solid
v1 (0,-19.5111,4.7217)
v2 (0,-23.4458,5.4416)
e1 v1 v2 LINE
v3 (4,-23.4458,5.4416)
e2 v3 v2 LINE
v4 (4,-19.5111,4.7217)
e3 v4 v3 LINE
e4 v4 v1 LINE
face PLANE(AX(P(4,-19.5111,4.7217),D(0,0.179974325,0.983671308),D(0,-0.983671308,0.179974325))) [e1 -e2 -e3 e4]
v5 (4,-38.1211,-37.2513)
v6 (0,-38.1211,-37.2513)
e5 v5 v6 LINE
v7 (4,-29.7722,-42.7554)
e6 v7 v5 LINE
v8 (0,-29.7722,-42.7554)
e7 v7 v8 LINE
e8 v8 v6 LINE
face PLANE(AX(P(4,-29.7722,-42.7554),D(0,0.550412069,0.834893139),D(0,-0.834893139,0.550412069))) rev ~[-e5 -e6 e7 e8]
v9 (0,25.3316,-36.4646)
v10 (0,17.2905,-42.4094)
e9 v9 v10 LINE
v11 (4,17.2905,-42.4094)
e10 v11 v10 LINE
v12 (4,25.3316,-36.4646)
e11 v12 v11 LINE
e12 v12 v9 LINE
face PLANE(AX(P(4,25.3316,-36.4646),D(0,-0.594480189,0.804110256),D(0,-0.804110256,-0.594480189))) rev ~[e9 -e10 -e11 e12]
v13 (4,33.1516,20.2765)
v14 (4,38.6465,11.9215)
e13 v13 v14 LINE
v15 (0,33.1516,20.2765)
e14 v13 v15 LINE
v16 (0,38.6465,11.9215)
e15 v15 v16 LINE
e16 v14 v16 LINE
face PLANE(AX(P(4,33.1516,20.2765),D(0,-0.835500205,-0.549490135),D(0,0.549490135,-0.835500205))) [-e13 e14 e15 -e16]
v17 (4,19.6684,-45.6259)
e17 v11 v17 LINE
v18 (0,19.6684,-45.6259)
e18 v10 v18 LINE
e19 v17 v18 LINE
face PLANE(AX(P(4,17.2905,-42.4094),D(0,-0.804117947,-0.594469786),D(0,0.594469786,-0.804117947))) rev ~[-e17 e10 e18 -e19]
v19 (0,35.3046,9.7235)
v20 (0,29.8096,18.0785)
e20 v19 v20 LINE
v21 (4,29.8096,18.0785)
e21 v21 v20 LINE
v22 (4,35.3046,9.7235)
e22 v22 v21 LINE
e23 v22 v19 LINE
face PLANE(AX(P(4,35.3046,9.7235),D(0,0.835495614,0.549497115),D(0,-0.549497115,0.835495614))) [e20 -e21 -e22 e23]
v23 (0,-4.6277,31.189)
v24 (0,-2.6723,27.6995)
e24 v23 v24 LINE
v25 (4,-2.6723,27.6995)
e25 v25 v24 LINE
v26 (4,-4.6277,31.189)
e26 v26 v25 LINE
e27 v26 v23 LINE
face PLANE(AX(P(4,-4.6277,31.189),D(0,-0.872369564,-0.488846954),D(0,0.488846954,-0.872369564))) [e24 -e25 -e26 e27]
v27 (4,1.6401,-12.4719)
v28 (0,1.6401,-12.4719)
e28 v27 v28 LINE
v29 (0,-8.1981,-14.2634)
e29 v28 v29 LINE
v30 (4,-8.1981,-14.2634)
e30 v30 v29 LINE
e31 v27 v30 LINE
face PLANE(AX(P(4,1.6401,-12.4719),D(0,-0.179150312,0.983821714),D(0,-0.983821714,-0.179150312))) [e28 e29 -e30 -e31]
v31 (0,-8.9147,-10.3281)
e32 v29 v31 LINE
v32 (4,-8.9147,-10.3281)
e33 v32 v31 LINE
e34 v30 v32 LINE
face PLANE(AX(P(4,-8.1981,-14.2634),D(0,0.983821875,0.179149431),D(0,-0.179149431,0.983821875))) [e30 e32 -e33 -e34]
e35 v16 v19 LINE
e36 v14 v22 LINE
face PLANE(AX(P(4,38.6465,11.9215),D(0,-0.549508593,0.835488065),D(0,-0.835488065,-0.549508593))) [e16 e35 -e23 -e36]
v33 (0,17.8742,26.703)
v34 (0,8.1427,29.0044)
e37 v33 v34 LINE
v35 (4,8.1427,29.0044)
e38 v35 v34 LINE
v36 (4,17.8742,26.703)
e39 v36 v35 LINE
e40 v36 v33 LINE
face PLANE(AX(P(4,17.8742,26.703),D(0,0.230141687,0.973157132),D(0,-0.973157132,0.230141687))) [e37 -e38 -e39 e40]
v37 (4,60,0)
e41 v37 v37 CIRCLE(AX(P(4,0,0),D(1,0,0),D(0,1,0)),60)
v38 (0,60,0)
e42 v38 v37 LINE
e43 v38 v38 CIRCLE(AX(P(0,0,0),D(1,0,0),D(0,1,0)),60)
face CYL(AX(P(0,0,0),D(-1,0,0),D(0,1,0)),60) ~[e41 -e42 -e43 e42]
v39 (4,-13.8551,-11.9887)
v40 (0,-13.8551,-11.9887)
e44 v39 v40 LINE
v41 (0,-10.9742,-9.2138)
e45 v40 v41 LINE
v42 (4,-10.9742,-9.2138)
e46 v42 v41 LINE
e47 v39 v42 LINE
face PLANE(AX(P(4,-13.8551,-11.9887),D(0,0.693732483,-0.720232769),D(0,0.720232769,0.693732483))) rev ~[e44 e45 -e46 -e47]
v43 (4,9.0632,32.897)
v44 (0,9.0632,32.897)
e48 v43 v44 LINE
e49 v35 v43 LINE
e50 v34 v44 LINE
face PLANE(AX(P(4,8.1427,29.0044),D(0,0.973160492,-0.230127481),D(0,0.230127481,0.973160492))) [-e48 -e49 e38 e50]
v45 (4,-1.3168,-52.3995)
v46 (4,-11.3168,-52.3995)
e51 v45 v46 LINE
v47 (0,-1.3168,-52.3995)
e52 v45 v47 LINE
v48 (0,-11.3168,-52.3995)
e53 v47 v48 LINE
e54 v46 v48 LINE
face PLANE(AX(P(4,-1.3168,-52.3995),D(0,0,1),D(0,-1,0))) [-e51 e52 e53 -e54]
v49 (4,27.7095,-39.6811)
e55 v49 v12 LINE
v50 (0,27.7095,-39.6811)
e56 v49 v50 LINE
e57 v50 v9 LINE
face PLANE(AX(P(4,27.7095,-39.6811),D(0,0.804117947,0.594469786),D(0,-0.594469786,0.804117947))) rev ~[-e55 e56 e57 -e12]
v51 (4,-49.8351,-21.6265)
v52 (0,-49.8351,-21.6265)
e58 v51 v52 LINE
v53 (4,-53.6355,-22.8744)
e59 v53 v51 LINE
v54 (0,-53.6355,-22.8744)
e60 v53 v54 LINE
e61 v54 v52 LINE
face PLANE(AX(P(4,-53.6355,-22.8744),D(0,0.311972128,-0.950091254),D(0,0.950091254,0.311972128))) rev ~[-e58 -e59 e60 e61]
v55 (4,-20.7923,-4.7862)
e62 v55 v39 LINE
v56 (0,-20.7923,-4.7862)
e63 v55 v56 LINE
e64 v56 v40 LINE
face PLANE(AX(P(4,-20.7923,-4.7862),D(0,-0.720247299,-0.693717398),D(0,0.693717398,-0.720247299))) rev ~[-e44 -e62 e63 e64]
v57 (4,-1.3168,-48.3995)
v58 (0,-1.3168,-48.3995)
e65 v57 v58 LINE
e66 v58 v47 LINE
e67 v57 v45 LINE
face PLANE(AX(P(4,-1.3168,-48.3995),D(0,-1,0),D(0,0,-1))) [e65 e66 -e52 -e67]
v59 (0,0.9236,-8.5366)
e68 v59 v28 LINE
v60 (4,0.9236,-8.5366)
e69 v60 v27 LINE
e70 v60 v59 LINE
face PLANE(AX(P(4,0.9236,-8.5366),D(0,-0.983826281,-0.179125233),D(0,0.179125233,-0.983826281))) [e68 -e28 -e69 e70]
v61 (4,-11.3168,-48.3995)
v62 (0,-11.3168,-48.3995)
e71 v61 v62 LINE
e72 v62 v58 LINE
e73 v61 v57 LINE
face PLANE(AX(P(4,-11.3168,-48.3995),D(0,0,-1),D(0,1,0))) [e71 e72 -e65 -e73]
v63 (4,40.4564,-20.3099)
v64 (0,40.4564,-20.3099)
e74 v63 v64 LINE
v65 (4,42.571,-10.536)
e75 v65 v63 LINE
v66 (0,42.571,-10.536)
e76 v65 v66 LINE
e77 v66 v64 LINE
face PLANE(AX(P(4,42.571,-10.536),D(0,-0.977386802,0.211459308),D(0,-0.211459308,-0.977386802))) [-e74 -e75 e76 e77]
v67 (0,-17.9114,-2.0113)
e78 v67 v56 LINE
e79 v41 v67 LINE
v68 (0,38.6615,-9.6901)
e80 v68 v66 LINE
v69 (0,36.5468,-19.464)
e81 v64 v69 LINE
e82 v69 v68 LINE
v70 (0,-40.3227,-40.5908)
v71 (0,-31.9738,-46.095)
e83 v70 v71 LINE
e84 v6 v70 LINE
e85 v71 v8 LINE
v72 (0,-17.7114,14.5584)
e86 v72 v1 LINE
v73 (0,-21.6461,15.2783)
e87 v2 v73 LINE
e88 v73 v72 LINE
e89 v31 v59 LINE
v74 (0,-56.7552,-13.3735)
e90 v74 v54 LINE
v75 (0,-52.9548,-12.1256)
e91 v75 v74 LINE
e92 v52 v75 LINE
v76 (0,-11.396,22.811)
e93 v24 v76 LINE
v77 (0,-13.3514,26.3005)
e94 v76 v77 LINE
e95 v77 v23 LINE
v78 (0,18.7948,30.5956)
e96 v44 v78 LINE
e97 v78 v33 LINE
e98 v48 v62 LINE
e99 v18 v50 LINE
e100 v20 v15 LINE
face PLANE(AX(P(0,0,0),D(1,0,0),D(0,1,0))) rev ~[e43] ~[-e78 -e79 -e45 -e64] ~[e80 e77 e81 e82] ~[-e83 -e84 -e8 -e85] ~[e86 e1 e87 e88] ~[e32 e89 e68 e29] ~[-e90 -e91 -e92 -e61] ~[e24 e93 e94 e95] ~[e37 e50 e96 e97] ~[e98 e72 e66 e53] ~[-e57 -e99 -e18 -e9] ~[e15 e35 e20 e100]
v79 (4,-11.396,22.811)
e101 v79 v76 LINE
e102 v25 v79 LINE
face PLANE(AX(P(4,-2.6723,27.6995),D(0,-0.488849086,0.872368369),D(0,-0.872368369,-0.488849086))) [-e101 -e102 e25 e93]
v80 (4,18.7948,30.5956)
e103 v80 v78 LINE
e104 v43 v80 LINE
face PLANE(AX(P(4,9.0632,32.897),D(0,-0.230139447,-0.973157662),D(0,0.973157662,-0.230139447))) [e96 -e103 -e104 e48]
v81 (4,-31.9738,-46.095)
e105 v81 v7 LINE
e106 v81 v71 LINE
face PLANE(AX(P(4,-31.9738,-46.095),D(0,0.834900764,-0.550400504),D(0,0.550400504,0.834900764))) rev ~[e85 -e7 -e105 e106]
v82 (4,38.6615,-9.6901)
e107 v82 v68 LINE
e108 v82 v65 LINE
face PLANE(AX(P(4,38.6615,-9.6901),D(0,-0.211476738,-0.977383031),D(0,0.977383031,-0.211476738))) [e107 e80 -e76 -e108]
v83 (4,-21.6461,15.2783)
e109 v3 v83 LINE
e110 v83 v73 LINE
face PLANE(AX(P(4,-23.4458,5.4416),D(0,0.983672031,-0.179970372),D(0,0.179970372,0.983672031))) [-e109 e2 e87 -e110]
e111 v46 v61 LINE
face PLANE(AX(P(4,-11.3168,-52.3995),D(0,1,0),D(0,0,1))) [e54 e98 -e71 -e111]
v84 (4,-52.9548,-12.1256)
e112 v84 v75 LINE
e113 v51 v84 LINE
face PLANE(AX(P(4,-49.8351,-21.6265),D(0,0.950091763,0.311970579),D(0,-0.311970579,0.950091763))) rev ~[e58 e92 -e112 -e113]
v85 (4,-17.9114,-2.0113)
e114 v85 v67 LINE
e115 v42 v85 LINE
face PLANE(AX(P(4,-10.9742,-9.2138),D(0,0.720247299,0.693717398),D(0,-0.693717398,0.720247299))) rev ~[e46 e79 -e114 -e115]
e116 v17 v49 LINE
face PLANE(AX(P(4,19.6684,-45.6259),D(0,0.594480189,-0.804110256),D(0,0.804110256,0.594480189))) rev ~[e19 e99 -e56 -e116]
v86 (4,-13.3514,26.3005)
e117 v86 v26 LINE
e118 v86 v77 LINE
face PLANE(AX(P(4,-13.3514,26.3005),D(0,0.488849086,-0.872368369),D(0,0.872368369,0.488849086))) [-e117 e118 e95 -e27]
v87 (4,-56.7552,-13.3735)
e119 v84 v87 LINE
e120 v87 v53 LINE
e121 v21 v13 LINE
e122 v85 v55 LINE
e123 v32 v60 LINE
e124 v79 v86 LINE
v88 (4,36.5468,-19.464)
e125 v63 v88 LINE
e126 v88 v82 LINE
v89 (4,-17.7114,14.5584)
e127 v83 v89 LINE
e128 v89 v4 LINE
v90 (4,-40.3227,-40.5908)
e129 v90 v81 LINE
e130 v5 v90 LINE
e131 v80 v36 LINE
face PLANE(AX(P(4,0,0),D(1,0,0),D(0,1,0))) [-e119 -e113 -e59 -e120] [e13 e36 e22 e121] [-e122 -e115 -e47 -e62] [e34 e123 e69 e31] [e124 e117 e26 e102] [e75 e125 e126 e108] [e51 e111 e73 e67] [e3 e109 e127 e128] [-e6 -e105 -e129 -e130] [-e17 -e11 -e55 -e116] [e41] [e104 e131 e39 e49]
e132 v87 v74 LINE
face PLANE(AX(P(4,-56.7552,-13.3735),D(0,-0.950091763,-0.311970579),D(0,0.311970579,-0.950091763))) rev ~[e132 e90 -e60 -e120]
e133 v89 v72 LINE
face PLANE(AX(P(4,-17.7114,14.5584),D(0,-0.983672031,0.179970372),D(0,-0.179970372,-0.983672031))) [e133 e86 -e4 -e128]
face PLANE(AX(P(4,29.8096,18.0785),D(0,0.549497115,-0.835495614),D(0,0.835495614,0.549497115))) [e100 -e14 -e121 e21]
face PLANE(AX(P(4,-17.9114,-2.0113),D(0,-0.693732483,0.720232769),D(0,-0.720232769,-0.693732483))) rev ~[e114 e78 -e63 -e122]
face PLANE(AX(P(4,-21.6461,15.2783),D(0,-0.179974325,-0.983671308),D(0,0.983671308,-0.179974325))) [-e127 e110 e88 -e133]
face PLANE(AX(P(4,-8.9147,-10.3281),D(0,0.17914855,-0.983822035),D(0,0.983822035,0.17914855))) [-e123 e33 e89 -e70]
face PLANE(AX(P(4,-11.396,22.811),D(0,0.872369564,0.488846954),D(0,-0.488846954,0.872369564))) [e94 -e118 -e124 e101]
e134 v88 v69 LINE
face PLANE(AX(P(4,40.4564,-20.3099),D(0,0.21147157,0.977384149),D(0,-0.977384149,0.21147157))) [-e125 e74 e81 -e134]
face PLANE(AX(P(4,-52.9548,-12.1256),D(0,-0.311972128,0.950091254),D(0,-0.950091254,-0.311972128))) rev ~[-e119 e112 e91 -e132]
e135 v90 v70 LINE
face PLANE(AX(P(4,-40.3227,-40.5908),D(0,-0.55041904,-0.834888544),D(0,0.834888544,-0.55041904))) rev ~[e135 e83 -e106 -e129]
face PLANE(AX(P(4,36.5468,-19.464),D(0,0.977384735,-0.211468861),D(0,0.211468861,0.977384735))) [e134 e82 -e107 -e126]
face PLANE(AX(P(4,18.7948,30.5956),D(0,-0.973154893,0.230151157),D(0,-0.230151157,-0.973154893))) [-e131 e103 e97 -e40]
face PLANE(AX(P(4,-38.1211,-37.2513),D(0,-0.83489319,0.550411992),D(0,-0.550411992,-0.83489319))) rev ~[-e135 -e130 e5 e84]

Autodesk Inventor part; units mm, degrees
ref_plane "YZ Plane" through (0, 0, 0) normal (1, 0, 0) x (0, 1, 0)
ref_plane "XZ Plane" through (0, 0, 0) normal (0, 1, 0) x (-1, 0, 0)
ref_plane "XY Plane" through (0, 0, 0) normal (0, 0, 1) x (1, 0, 0)
sketch "Эскиз1" plane through (0, 0, 0) normal (1, 0, 0) x (0, 1, 0)
  circle A0 centre (0, 0) radius 60
  point P0 (0, -60)
extrude "Выдавливание1" add sketch "Эскиз1" along normal blind 4
sketch "Эскиз2" plane through (4, 0, 0) normal (1, 0, 0) x (0, 0, -1)
  point P0 (0, 0)
  point P1 (0, -60)
sketch "Эскиз3" plane through (4, 0, 0) normal (1, 0, 0) x (0, 0, -1)
  line L0 (0, -92.75) -> (0, 85.4583) construction
  circle A0 centre (0, 0) radius 60 construction
  line L1 (40.5908, -40.3227) -> (46.095, -31.9738)
  line L2 (46.095, -31.9738) -> (42.7554, -29.7722)
  line L3 (42.7554, -29.7722) -> (37.2513, -38.1211)
  line L4 (37.2513, -38.1211) -> (40.5908, -40.3227)
  line L5 (40.5908, -40.3227) -> (42.7554, -29.7722) construction
  line L6 (46.095, -31.9738) -> (37.2513, -38.1211) construction
  line L7 (41.6731, -35.0475) -> (44.4252, -30.873) construction
  line L8 (31.7471, -46.47) -> (48.2596, -21.4233) construction
  line L9 (48.2596, -21.4233) -> (51.5992, -23.6249) construction
  line L10 (51.5992, -23.6249) -> (35.0866, -48.6716) construction
  line L11 (35.0866, -48.6716) -> (31.7471, -46.47) construction
  line L12 (31.7471, -46.47) -> (51.5992, -23.6249) construction
  line L13 (48.2596, -21.4233) -> (35.0866, -48.6716) construction
  circle A1 centre (0, 0) radius 60 projected
  line L14 (48.3995, -11.3168) -> (48.3995, -1.3168)
  line L15 (48.3995, -1.3168) -> (52.3995, -1.3168)
  line L16 (52.3995, -1.3168) -> (52.3995, -11.3168) construction
  line L17 (52.3995, -11.3168) -> (48.3995, -11.3168)
  line L18 (48.3995, -11.3168) -> (52.3995, -1.3168) construction
  line L19 (48.3995, -1.3168) -> (52.3995, -11.3168) construction
  line L20 (48.3995, -21.3168) -> (48.3995, 8.6832) construction
  line L21 (48.3995, 8.6832) -> (52.3995, 8.6832) construction
  line L22 (52.3995, 8.6832) -> (52.3995, -21.3168)
  line L23 (52.3995, -21.3168) -> (48.3995, -21.3168) construction
  line L24 (48.3995, -21.3168) -> (52.3995, 8.6832) construction
  line L25 (48.3995, 8.6832) -> (52.3995, -21.3168) construction
  line L26 (50.3995, -6.3168) -> (50.3995, 8.6832) construction
  line L27 (36.4646, 25.3316) -> (42.4094, 17.2905)
  line L28 (42.4094, 17.2905) -> (45.6259, 19.6684)
  line L29 (45.6259, 19.6684) -> (39.6811, 27.7095)
  line L30 (39.6811, 27.7095) -> (36.4646, 25.3316)
  line L31 (36.4646, 25.3316) -> (45.6259, 19.6684) construction
  line L32 (42.4094, 17.2905) -> (39.6811, 27.7095) construction
  line L33 (30.5198, 33.3727) -> (48.3542, 9.2494) construction
  line L34 (48.3542, 9.2494) -> (51.5707, 11.6273) construction
  line L35 (51.5707, 11.6273) -> (33.7363, 35.7506) construction
  line L36 (33.7363, 35.7506) -> (30.5198, 33.3727) construction
  line L37 (30.5198, 33.3727) -> (51.5707, 11.6273) construction
  line L38 (48.3542, 9.2494) -> (33.7363, 35.7506) construction
  line L39 (41.0453, 22.5) -> (32.1281, 34.5617) construction
  line L40 (10.536, 42.571) -> (20.3099, 40.4564)
  line L41 (20.3099, 40.4564) -> (19.464, 36.5468)
  line L42 (19.464, 36.5468) -> (9.6901, 38.6615)
  line L43 (9.6901, 38.6615) -> (10.536, 42.571)
  line L44 (10.536, 42.571) -> (19.464, 36.5468) construction
  line L45 (20.3099, 40.4564) -> (9.6901, 38.6615) construction
  line L46 (-0.0837, 40.7762) -> (29.2378, 34.4321) construction
  line L47 (29.2378, 34.4321) -> (30.0837, 38.3417) construction
  line L48 (30.0837, 38.3417) -> (0.7622, 44.6857) construction
  line L49 (0.7622, 44.6857) -> (-0.0837, 40.7762) construction
  line L50 (-0.0837, 40.7762) -> (30.0837, 38.3417) construction
  line L51 (29.2378, 34.4321) -> (0.7622, 44.6857) construction
  line L52 (0.3392, 42.7309) -> (15, 39.5589) construction
  line L53 (-20.2765, 33.1516) -> (-11.9215, 38.6465)
  line L54 (-11.9215, 38.6465) -> (-9.7235, 35.3046)
  line L55 (-9.7235, 35.3046) -> (-18.0785, 29.8096)
  line L56 (-18.0785, 29.8096) -> (-20.2765, 33.1516)
  line L57 (-20.2765, 33.1516) -> (-9.7235, 35.3046) construction
  line L58 (-11.9215, 38.6465) -> (-18.0785, 29.8096) construction
  line L59 (-26.4334, 24.3146) -> (-1.3686, 40.7995) construction
  line L60 (-1.3686, 40.7995) -> (-3.5666, 44.1415) construction
  line L61 (-3.5666, 44.1415) -> (-28.6314, 27.6566) construction
  line L62 (-28.6314, 27.6566) -> (-26.4334, 24.3146) construction
  line L63 (-26.4334, 24.3146) -> (-3.5666, 44.1415) construction
  line L64 (-1.3686, 40.7995) -> (-28.6314, 27.6566) construction
  line L65 (-15, 34.2281) -> (-2.4676, 42.4705) construction
  line L66 (-32.897, 9.0632) -> (-30.5956, 18.7948)
  line L67 (-30.5956, 18.7948) -> (-26.703, 17.8742)
  line L68 (-26.703, 17.8742) -> (-29.0044, 8.1427)
  line L69 (-29.0044, 8.1427) -> (-32.897, 9.0632)
  line L70 (-32.897, 9.0632) -> (-26.703, 17.8742) construction
  line L71 (-30.5956, 18.7948) -> (-29.0044, 8.1427) construction
  line L72 (-34.0478, 4.1975) -> (-29.4449, 23.6606) construction
  line L73 (-29.4449, 23.6606) -> (-25.5522, 22.74) construction
  line L74 (-25.5522, 22.74) -> (-30.1551, 3.2769) construction
  line L75 (-30.1551, 3.2769) -> (-34.0478, 4.1975) construction
  line L76 (-34.0478, 4.1975) -> (-25.5522, 22.74) construction
  line L77 (-29.4449, 23.6606) -> (-30.1551, 3.2769) construction
  line L78 (-29.8, 13.4687) -> (-27.4986, 23.2003) construction
  line L79 (-30.1437, 1.6896) -> (-20.3668, -15.7578) construction
  line L80 (-20.3668, -15.7578) -> (-23.8563, -17.7132) construction
  line L81 (-23.8563, -17.7132) -> (-33.6332, -0.2658) construction
  line L82 (-33.6332, -0.2658) -> (-30.1437, 1.6896) construction
  line L83 (-30.1437, 1.6896) -> (-23.8563, -17.7132) construction
  line L84 (-20.3668, -15.7578) -> (-33.6332, -0.2658) construction
  line L85 (-27.6995, -2.6723) -> (-22.811, -11.396)
  line L86 (-22.811, -11.396) -> (-26.3005, -13.3514)
  line L87 (-26.3005, -13.3514) -> (-31.189, -4.6277)
  line L88 (-31.189, -4.6277) -> (-27.6995, -2.6723)
  line L89 (-27.6995, -2.6723) -> (-26.3005, -13.3514) construction
  line L90 (-22.811, -11.396) -> (-31.189, -4.6277) construction
  line L91 (-27, -8.0118) -> (-31.8884, 0.7119) construction
  line L92 (-19.4768, -16.8116) -> (0.1967, -20.411) construction
  line L93 (0.1967, -20.411) -> (-0.5232, -24.3456) construction
  line L94 (-0.5232, -24.3456) -> (-20.1967, -20.7463) construction
  line L95 (-20.1967, -20.7463) -> (-19.4768, -16.8116) construction
  line L96 (-19.4768, -16.8116) -> (-0.5232, -24.3456) construction
  line L97 (0.1967, -20.411) -> (-20.1967, -20.7463) construction
  line L98 (-14.5584, -17.7114) -> (-4.7217, -19.5111)
  line L99 (-4.7217, -19.5111) -> (-5.4416, -23.4458)
  line L100 (-5.4416, -23.4458) -> (-15.2783, -21.6461)
  line L101 (-15.2783, -21.6461) -> (-14.5584, -17.7114)
  line L102 (-14.5584, -17.7114) -> (-5.4416, -23.4458) construction
  line L103 (-4.7217, -19.5111) -> (-15.2783, -21.6461) construction
  line L104 (-10, -20.5786) -> (-19.8367, -18.7789) construction
  line L105 (11.0144, -9.2398) -> (0.2107, -19.6457) construction
  line L106 (0.2107, -19.6457) -> (2.9856, -22.5267) construction
  line L107 (2.9856, -22.5267) -> (13.7893, -12.1208) construction
  line L108 (13.7893, -12.1208) -> (11.0144, -9.2398) construction
  line L109 (11.0144, -9.2398) -> (2.9856, -22.5267) construction
  line L110 (0.2107, -19.6457) -> (13.7893, -12.1208) construction
  line L111 (9.2138, -10.9742) -> (2.0113, -17.9114)
  line L112 (2.0113, -17.9114) -> (4.7862, -20.7923)
  line L113 (4.7862, -20.7923) -> (11.9887, -13.8551)
  line L114 (11.9887, -13.8551) -> (9.2138, -10.9742)
  line L115 (9.2138, -10.9742) -> (4.7862, -20.7923) construction
  line L116 (2.0113, -17.9114) -> (11.9887, -13.8551) construction
  line L117 (7, -15.8832) -> (10.6012, -12.4146) construction
  line L118 (10.3281, -8.9147) -> (8.5366, 0.9236)
  line L119 (8.5366, 0.9236) -> (12.4719, 1.6401)
  line L120 (12.4719, 1.6401) -> (14.2634, -8.1981)
  line L121 (14.2634, -8.1981) -> (10.3281, -8.9147)
  line L122 (10.3281, -8.9147) -> (12.4719, 1.6401) construction
  line L123 (8.5366, 0.9236) -> (14.2634, -8.1981) construction
  line L124 (10.3281, -8.9147) -> (8.5366, 0.9236)
  line L125 (8.5366, 0.9236) -> (12.4719, 1.6401)
  line L126 (12.4719, 1.6401) -> (14.2634, -8.1981)
  line L127 (14.2634, -8.1981) -> (10.3281, -8.9147)
  line L128 (10.3281, -8.9147) -> (12.4719, 1.6401) construction
  line L129 (8.5366, 0.9236) -> (14.2634, -8.1981) construction
  line L130 (11.4, -3.6373) -> (10.5043, 1.2819) construction
  line L131 (-0.9405, 1.4271) -> (9.0554, 1.7143)
  line L132 (9.0554, 1.7143) -> (8.9405, 5.7126)
  line L133 (8.9405, 5.7126) -> (-1.0554, 5.4255)
  line L134 (-1.0554, 5.4255) -> (-0.9405, 1.4271)
  line L135 (-0.9405, 1.4271) -> (8.9405, 5.7126) construction
  line L136 (9.0554, 1.7143) -> (-1.0554, 5.4255) construction
  line L137 (-0.9405, 1.4271) -> (9.0554, 1.7143)
  line L138 (9.0554, 1.7143) -> (8.9405, 5.7126)
  line L139 (8.9405, 5.7126) -> (-1.0554, 5.4255)
  line L140 (-1.0554, 5.4255) -> (-0.9405, 1.4271)
  line L141 (-0.9405, 1.4271) -> (8.9405, 5.7126) construction
  line L142 (9.0554, 1.7143) -> (-1.0554, 5.4255) construction
  line L143 (4, 3.5699) -> (-0.9979, 3.4263) construction
  line L144 (3.8726, -59.8749) -> (32.3753, -50.5157) construction
  line L145 (32.3753, -50.5157) -> (31.1274, -46.7154) construction
  line L146 (31.1274, -46.7154) -> (2.6247, -56.0745) construction
  line L147 (2.6247, -56.0745) -> (3.8726, -59.8749) construction
  line L148 (3.8726, -59.8749) -> (31.1274, -46.7154) construction
  line L149 (32.3753, -50.5157) -> (2.6247, -56.0745) construction
  line L150 (13.3735, -56.7552) -> (22.8744, -53.6355)
  line L151 (22.8744, -53.6355) -> (21.6265, -49.8351)
  line L152 (21.6265, -49.8351) -> (12.1256, -52.9548)
  line L153 (12.1256, -52.9548) -> (13.3735, -56.7552)
  line L154 (13.3735, -56.7552) -> (21.6265, -49.8351) construction
  line L155 (22.8744, -53.6355) -> (12.1256, -52.9548) construction
  line L156 (17.5, -53.2951) -> (31.7514, -48.6155) construction
  point P0 (0, -60)
  point P1 (50.3995, -6.3168)
  point P2 (41.0453, 22.5)
  point P3 (15, 39.5589)
  point P4 (15, 39.5589)
  point P5 (-15, 34.2281)
  point P6 (-15, 34.2281)
  point P7 (-15, 34.2281)
  point P8 (-29.8, 13.4687)
  point P9 (-29.8, 13.4687)
  point P10 (-27, -8.0118)
  point P11 (-27, -8.0118)
  point P12 (-10, -20.5786)
  point P13 (7, -15.8832)
  point P14 (7, -15.8832)
  point P15 (11.4, -3.6373)
  point P16 (4, 3.5699)
  point P17 (4, 3.5699)
  point P18 (17.5, -53.2951)
  dimension "d83" = 0
  dimension "d84" = 1
  dimension "d93" = 10
  dimension "d94" = 4
  dimension "d95" = 30
  dimension "d96" = 10
  dimension "d98" = 4
  dimension "d99" = 30
  dimension "d100" = 10
  dimension "d101" = 30
  dimension "d102" = 4
  dimension "d103" = 22.5
  dimension "d104" = 10
  dimension "d105" = 30
  dimension "d106" = 4
  dimension "d107" = 15
  dimension "d108" = 30
  dimension "d109" = 4
  dimension "d110" = 10
  dimension "d111" = 15
  dimension "d112" = 10
  dimension "d113" = 20
  dimension "d114" = 4
  dimension "d115" = 29.8
  dimension "d116" = 20
  dimension "d117" = 10
  dimension "d118" = 4
  dimension "d119" = 27
  dimension "d120" = 10
  dimension "d121" = 20
  dimension "d122" = 4
  dimension "d123" = 10
  dimension "d124" = 10
  dimension "d125" = 15
  dimension "d127" = 4
  dimension "d128" = 7
  dimension "d132" = 10
  dimension "d134" = 4
  dimension "d135" = 10
  dimension "d136" = 11.4
  dimension "d137" = 10
  dimension "d138" = 10
  dimension "d139" = 4
  dimension "d140" = 4
  dimension "d141" = 4
  dimension "d142" = 30
  dimension "d143" = 10
  dimension "d144" = 17.5
extrude "Выдавливание2" cut sketch "Эскиз3" against normal through all contours L4 L3 L2 L1 | L14 L15 L22 L17 | L30 L29 L28 L27 | L40 L41 L42 L43 | L53 L54 L55 L56 | L66 L67 L68 L69 | L85 L86 L87 L88 | L98 L99 L100 L101 | L114 L113 L112 L111 | L118 L119 L120 L121 | L153 L152 L151 L150
properties part number "Стенка барабана"
